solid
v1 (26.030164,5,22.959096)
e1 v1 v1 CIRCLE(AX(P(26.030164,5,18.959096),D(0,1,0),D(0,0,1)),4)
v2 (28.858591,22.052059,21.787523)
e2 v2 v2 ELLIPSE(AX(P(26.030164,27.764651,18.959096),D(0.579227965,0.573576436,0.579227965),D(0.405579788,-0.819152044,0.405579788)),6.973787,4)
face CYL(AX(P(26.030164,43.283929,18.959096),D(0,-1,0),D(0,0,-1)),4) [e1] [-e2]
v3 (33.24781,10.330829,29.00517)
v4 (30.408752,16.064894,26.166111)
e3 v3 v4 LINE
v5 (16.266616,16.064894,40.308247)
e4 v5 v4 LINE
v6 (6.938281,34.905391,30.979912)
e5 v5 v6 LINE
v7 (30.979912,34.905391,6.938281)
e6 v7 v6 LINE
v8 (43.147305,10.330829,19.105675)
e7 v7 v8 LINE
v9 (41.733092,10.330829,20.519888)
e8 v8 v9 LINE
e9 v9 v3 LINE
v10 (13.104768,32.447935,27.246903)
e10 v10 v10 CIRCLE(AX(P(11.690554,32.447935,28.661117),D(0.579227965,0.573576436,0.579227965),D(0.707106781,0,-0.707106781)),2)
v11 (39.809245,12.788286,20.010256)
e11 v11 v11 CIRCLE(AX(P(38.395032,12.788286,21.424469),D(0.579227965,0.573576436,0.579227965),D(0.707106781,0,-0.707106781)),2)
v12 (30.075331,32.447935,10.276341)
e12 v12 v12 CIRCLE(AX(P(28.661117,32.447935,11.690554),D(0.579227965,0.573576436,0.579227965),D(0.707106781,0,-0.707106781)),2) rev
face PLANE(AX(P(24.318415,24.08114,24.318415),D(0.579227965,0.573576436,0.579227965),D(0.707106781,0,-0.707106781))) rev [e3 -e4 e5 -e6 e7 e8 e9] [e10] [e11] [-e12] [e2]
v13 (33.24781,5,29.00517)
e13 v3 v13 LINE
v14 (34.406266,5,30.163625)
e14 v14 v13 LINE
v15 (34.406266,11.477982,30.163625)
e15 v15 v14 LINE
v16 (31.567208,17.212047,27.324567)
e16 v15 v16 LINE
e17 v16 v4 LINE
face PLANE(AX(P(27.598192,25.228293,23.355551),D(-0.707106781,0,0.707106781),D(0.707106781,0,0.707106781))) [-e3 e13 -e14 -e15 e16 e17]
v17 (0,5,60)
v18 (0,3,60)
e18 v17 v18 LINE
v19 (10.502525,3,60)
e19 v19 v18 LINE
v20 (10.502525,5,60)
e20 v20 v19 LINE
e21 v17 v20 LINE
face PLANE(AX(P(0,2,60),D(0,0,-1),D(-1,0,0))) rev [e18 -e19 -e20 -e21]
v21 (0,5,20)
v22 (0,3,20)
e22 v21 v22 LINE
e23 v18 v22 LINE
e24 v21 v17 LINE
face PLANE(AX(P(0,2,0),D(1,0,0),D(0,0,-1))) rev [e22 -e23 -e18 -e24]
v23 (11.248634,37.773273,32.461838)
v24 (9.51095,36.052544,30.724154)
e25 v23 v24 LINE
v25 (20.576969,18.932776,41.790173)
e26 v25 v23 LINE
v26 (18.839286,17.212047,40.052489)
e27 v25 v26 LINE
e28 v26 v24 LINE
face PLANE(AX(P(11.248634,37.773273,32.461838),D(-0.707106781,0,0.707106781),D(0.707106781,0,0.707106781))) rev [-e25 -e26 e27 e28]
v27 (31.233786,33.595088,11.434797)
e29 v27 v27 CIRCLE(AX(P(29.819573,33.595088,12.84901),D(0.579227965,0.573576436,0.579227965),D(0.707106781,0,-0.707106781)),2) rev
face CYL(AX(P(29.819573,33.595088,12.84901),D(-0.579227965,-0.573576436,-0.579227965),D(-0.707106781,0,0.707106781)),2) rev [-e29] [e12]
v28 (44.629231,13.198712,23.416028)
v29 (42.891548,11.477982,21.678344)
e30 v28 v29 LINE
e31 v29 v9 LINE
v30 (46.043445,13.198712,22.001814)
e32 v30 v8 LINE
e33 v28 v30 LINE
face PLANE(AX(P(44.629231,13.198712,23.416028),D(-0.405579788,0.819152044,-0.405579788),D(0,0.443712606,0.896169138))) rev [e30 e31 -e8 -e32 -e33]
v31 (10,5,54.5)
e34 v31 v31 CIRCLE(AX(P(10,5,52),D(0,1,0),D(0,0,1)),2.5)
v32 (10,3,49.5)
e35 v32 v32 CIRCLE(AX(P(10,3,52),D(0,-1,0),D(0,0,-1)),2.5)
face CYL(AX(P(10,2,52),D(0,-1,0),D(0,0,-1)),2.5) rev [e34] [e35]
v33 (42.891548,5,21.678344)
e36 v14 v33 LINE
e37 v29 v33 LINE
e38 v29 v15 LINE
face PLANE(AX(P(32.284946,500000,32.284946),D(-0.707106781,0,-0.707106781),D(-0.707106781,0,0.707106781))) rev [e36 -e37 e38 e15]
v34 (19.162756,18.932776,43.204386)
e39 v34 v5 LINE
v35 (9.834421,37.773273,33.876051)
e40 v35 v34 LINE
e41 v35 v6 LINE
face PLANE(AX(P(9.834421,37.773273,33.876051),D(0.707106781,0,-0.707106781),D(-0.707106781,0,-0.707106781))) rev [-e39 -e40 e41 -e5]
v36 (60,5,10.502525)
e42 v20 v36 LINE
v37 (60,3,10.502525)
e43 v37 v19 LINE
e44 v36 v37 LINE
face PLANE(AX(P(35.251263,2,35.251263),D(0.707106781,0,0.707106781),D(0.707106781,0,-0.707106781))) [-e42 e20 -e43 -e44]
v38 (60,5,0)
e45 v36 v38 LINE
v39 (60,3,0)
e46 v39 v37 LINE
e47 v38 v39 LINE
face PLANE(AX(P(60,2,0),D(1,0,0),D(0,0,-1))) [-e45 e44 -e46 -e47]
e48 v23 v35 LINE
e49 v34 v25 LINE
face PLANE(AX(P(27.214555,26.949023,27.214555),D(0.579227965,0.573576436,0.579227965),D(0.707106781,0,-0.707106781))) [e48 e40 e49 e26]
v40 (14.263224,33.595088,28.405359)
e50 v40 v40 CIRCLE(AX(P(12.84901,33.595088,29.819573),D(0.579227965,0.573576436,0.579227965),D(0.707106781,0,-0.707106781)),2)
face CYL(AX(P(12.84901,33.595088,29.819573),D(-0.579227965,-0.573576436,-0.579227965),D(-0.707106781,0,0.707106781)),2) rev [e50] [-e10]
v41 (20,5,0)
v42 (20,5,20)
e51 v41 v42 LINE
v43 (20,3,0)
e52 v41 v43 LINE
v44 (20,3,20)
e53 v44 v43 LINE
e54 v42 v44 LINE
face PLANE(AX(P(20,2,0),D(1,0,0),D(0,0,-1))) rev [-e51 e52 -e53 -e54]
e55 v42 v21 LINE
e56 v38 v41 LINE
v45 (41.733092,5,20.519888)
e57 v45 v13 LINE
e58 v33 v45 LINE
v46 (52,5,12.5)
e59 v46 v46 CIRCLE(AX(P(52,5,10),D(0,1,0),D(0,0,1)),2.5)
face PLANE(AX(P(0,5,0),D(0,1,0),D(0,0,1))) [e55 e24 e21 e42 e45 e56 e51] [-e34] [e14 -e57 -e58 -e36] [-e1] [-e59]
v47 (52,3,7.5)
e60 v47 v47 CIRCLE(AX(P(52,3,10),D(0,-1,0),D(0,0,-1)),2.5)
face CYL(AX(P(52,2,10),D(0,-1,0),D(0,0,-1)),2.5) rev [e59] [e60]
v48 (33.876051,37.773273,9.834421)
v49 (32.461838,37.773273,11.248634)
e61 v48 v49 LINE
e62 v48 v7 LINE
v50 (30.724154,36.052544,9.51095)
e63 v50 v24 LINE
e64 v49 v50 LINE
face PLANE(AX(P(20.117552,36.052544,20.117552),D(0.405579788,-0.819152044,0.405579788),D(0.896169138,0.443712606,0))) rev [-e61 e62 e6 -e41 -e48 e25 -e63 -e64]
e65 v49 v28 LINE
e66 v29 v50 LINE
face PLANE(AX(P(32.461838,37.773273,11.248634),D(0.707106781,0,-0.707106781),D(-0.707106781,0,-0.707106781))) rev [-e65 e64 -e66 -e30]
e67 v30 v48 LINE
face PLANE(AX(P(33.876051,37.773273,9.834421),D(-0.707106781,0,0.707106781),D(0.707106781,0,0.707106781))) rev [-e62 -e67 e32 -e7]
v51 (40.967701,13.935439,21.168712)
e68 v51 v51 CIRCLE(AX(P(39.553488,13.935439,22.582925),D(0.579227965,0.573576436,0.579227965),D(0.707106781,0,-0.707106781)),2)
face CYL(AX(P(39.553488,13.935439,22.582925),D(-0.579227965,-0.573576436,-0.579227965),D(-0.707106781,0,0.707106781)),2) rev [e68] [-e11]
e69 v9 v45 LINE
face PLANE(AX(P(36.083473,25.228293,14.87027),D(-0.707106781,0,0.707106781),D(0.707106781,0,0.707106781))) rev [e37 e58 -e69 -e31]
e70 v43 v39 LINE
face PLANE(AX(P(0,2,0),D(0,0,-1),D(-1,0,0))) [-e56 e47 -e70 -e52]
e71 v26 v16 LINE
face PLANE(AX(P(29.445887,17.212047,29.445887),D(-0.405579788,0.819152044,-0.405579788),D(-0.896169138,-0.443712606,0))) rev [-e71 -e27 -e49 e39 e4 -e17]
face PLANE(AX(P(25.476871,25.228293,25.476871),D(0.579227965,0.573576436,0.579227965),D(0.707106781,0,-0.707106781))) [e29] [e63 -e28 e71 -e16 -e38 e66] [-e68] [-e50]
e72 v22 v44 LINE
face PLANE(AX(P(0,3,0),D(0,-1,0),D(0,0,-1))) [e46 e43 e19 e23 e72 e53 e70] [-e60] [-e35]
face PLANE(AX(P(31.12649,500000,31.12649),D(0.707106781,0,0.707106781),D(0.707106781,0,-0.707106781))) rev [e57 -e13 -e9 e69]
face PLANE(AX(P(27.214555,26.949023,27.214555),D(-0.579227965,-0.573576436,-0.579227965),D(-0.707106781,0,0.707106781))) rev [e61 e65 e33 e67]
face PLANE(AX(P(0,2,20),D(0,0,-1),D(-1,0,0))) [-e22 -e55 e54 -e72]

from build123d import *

# Parameters (mm, degrees)
SKETCH_1_R                  = 2.5
EXTRUDE_1_DEPTH             = 2
SKETCH_2_R                  = 2
EXTRUDE_3_DEPTH             = 2
EXTRUDE_4_REACH             = 93.431
SKETCH_4_R                  = 4
EXTRUDE_5_REACH             = 93.431
EXTRUDE_6_REACH             = 56.956
EXTRUDE_6_DIRECTION_2_DEPTH = 3
SKETCH_7_R                  = 2.5
EXTRUDE_8_DEPTH             = 3
CUT_EXTRUDE_1_DEPTH         = 3


with BuildPart() as part:
    # 草图1 → 凸台-拉伸1 (new body)
    with BuildSketch(Plane(origin=(0, 0, 0), x_dir=(1, 0, 0), z_dir=(0, 1, 0))):
        Polygon((10.502525317, -60), (60, -10.502525317), (60, 0), (20, 0), (20, -20), (0, -20), (0, -60), align=None)
        with Locations(Location((10, -52, 0), (0, 0, 270))):
            Circle(SKETCH_1_R, mode=Mode.SUBTRACT)
        with Locations(Location((52, -10, 0), (0, 0, 270))):
            Circle(SKETCH_1_R, mode=Mode.SUBTRACT)
    extrude(amount=EXTRUDE_1_DEPTH)



with BuildPart() as body_2:
    # 草图2 → 凸台-拉伸3 (new body)
    with BuildSketch(Plane(origin=(24.318415307, 24.081140456, 24.318415307), x_dir=(-0.7071067811865475, 0, 0.7071067811865476), z_dir=(0.5792279653395701, 0.5735764363510444, 0.57922796533957))):
        Polygon((-3, 16.786030205), (-15, 16.786030205), (-15, -13.213969795), (15, -13.213969795), (15, 9.786030205), (-3, 9.786030205), align=None)
        with Locations(Location((-12, -10.213969795, 0), (0, 0, 180))):
            Circle(SKETCH_2_R, mode=Mode.SUBTRACT)
        with Locations(Location((12, -10.213969795, 0), (0, 0, 180))):
            Circle(SKETCH_2_R, mode=Mode.SUBTRACT)
        with Locations(Location((-12, 13.786030205, 0), (0, 0, 180))):
            Circle(SKETCH_2_R, mode=Mode.SUBTRACT)
    extrude(amount=EXTRUDE_3_DEPTH)


with BuildPart() as part_1:
    add(part.part)

    add(body_2.part)  # 凸台-拉伸4 merges body 2
    # 凸台-拉伸4: up to this plane
    extrude_4_end = Plane(origin=(24.318415307, 24.081140456, 24.318415307), z_dir=(0.5792279653395702, 0.5735764363510445, 0.5792279653395699))
    # 草图4 → 凸台-拉伸4 (add, up to the surface)
    with BuildSketch(Plane(origin=(0, 2, 0), x_dir=(1, 0, 0), z_dir=(0, 1, 0)), mode=Mode.PRIVATE) as extrude_4_sk1:
        with Locations(Location((26.030164055, -18.959096243, 0), (0, 0, 315))):
            Circle(SKETCH_4_R)
    extrude_4_tool1 = split(extrude(extrude_4_sk1.sketch, amount=EXTRUDE_4_REACH, mode=Mode.PRIVATE), bisect_by=extrude_4_end, keep=Keep.BOTH, mode=Mode.PRIVATE)
    add(extrude_4_tool1.solids().sort_by_distance((26.030164, 2, 18.959096))[0])

    # 草图5 → 凸台-拉伸5 (add, up to next)
    with BuildSketch(Plane(origin=(0, 2, 0), x_dir=(1, 0, 0), z_dir=(0, 1, 0)), mode=Mode.PRIVATE) as extrude_5_sk1:
        Polygon((41.733091591, -20.519888156), (33.247810217, -29.00516953), (34.406266148, -30.16362546), (42.891547522, -21.678344086), align=None)
    extrude_5_tool1 = extrude(extrude_5_sk1.sketch, amount=EXTRUDE_5_REACH, mode=Mode.PRIVATE) - part_1.part
    add(extrude_5_tool1.solids().sort_by_distance((38.069679, 2, 25.341757))[0])

    # 凸台-拉伸6: up to this face of the body (flat: up to its plane)
    extrude_6_end = Plane(part_1.part.faces().sort_by_distance((24.757422588, 23.562214363, 24.393270957))[0])
    # 草图6 → 凸台-拉伸6 (add, up to the picked face)
    with BuildSketch(Plane(origin=(25.476871238, 25.228293329, 25.476871238), x_dir=(0.45107473692648714, 0.36633593098762024, -0.8138363271408656), z_dir=(0.5792279653395703, 0.5735764363510442, 0.5792279653395701)), mode=Mode.PRIVATE) as extrude_6_sk1:
        Polygon((-7.506940922, 18.527137818), (-17.792853619, -2.044687575), (-19.581708001, -1.150260384), (-9.295795304, 19.421565009), align=None)
    extrude_6_tool1 = split(extrude(extrude_6_sk1.sketch, amount=-EXTRUDE_6_REACH, mode=Mode.PRIVATE), bisect_by=extrude_6_end, keep=Keep.BOTH, mode=Mode.PRIVATE)
    # 草图6 → 凸台-拉伸6 (add, up to the picked face)
    with BuildSketch(Plane(origin=(25.476871238, 25.228293329, 25.476871238), x_dir=(0.45107473692648714, 0.36633593098762024, -0.8138363271408656), z_dir=(0.5792279653395703, 0.5735764363510442, 0.5792279653395701)), mode=Mode.PRIVATE) as extrude_6_sk2:
        Polygon((19.325874808, 5.110729953), (5.909466943, -21.722085777), (7.698321325, -22.616512968), (21.11472919, 4.216302762), align=None)
    extrude_6_tool2 = split(extrude(extrude_6_sk2.sketch, amount=-EXTRUDE_6_REACH, mode=Mode.PRIVATE), bisect_by=extrude_6_end, keep=Keep.BOTH, mode=Mode.PRIVATE)
    add(extrude_6_tool1.solids().sort_by(Axis((13.468011, 26.632295, 36.095428), (-0.5792279653395703, -0.5735764363510442, -0.5792279653395701)))[0])
    add(extrude_6_tool2.solids().sort_by(Axis((37.514957, 23.765263, 14.88754), (-0.5792279653395703, -0.5735764363510442, -0.5792279653395701)))[0])

    # 草图6 → 凸台-拉伸6 direction 2 (add)
    with BuildSketch(Plane(origin=(25.476871238, 25.228293329, 25.476871238), x_dir=(0.45107473692648714, 0.36633593098762024, -0.8138363271408656), z_dir=(0.5792279653395703, 0.5735764363510442, 0.5792279653395701))):
        Polygon((-7.506940922, 18.527137818), (-17.792853619, -2.044687575), (-19.581708001, -1.150260384), (-9.295795304, 19.421565009), align=None)
        Polygon((19.325874808, 5.110729953), (5.909466943, -21.722085777), (7.698321325, -22.616512968), (21.11472919, 4.216302762), align=None)
    extrude(amount=EXTRUDE_6_DIRECTION_2_DEPTH)

    # 草图7 → 凸台-拉伸8 (add)
    with BuildSketch(Plane(origin=(0, 2, 0), x_dir=(1, 0, 0), z_dir=(0, 1, 0))):
        Polygon((60, 0), (20, 0), (20, -20), (0, -20), (0, -60), (10.502525317, -60), (60, -10.502525317), align=None)
        with Locations(Location((10, -52, 0), (0, 0, 270))):
            Circle(SKETCH_7_R, mode=Mode.SUBTRACT)
        with Locations(Location((52, -10, 0), (0, 0, 270))):
            Circle(SKETCH_7_R, mode=Mode.SUBTRACT)
    extrude(amount=EXTRUDE_8_DEPTH)

    # 草图10 → 切除-拉伸1 (cut)
    with BuildSketch(Plane.XZ):
        Polygon((20, 0), (60, 0), (60, 10.502525317), (10.502525317, 60), (0, 60), (0, 20), (20, 20), align=None)
    extrude(amount=-CUT_EXTRUDE_1_DEPTH, mode=Mode.SUBTRACT)


solid = part_1.part
